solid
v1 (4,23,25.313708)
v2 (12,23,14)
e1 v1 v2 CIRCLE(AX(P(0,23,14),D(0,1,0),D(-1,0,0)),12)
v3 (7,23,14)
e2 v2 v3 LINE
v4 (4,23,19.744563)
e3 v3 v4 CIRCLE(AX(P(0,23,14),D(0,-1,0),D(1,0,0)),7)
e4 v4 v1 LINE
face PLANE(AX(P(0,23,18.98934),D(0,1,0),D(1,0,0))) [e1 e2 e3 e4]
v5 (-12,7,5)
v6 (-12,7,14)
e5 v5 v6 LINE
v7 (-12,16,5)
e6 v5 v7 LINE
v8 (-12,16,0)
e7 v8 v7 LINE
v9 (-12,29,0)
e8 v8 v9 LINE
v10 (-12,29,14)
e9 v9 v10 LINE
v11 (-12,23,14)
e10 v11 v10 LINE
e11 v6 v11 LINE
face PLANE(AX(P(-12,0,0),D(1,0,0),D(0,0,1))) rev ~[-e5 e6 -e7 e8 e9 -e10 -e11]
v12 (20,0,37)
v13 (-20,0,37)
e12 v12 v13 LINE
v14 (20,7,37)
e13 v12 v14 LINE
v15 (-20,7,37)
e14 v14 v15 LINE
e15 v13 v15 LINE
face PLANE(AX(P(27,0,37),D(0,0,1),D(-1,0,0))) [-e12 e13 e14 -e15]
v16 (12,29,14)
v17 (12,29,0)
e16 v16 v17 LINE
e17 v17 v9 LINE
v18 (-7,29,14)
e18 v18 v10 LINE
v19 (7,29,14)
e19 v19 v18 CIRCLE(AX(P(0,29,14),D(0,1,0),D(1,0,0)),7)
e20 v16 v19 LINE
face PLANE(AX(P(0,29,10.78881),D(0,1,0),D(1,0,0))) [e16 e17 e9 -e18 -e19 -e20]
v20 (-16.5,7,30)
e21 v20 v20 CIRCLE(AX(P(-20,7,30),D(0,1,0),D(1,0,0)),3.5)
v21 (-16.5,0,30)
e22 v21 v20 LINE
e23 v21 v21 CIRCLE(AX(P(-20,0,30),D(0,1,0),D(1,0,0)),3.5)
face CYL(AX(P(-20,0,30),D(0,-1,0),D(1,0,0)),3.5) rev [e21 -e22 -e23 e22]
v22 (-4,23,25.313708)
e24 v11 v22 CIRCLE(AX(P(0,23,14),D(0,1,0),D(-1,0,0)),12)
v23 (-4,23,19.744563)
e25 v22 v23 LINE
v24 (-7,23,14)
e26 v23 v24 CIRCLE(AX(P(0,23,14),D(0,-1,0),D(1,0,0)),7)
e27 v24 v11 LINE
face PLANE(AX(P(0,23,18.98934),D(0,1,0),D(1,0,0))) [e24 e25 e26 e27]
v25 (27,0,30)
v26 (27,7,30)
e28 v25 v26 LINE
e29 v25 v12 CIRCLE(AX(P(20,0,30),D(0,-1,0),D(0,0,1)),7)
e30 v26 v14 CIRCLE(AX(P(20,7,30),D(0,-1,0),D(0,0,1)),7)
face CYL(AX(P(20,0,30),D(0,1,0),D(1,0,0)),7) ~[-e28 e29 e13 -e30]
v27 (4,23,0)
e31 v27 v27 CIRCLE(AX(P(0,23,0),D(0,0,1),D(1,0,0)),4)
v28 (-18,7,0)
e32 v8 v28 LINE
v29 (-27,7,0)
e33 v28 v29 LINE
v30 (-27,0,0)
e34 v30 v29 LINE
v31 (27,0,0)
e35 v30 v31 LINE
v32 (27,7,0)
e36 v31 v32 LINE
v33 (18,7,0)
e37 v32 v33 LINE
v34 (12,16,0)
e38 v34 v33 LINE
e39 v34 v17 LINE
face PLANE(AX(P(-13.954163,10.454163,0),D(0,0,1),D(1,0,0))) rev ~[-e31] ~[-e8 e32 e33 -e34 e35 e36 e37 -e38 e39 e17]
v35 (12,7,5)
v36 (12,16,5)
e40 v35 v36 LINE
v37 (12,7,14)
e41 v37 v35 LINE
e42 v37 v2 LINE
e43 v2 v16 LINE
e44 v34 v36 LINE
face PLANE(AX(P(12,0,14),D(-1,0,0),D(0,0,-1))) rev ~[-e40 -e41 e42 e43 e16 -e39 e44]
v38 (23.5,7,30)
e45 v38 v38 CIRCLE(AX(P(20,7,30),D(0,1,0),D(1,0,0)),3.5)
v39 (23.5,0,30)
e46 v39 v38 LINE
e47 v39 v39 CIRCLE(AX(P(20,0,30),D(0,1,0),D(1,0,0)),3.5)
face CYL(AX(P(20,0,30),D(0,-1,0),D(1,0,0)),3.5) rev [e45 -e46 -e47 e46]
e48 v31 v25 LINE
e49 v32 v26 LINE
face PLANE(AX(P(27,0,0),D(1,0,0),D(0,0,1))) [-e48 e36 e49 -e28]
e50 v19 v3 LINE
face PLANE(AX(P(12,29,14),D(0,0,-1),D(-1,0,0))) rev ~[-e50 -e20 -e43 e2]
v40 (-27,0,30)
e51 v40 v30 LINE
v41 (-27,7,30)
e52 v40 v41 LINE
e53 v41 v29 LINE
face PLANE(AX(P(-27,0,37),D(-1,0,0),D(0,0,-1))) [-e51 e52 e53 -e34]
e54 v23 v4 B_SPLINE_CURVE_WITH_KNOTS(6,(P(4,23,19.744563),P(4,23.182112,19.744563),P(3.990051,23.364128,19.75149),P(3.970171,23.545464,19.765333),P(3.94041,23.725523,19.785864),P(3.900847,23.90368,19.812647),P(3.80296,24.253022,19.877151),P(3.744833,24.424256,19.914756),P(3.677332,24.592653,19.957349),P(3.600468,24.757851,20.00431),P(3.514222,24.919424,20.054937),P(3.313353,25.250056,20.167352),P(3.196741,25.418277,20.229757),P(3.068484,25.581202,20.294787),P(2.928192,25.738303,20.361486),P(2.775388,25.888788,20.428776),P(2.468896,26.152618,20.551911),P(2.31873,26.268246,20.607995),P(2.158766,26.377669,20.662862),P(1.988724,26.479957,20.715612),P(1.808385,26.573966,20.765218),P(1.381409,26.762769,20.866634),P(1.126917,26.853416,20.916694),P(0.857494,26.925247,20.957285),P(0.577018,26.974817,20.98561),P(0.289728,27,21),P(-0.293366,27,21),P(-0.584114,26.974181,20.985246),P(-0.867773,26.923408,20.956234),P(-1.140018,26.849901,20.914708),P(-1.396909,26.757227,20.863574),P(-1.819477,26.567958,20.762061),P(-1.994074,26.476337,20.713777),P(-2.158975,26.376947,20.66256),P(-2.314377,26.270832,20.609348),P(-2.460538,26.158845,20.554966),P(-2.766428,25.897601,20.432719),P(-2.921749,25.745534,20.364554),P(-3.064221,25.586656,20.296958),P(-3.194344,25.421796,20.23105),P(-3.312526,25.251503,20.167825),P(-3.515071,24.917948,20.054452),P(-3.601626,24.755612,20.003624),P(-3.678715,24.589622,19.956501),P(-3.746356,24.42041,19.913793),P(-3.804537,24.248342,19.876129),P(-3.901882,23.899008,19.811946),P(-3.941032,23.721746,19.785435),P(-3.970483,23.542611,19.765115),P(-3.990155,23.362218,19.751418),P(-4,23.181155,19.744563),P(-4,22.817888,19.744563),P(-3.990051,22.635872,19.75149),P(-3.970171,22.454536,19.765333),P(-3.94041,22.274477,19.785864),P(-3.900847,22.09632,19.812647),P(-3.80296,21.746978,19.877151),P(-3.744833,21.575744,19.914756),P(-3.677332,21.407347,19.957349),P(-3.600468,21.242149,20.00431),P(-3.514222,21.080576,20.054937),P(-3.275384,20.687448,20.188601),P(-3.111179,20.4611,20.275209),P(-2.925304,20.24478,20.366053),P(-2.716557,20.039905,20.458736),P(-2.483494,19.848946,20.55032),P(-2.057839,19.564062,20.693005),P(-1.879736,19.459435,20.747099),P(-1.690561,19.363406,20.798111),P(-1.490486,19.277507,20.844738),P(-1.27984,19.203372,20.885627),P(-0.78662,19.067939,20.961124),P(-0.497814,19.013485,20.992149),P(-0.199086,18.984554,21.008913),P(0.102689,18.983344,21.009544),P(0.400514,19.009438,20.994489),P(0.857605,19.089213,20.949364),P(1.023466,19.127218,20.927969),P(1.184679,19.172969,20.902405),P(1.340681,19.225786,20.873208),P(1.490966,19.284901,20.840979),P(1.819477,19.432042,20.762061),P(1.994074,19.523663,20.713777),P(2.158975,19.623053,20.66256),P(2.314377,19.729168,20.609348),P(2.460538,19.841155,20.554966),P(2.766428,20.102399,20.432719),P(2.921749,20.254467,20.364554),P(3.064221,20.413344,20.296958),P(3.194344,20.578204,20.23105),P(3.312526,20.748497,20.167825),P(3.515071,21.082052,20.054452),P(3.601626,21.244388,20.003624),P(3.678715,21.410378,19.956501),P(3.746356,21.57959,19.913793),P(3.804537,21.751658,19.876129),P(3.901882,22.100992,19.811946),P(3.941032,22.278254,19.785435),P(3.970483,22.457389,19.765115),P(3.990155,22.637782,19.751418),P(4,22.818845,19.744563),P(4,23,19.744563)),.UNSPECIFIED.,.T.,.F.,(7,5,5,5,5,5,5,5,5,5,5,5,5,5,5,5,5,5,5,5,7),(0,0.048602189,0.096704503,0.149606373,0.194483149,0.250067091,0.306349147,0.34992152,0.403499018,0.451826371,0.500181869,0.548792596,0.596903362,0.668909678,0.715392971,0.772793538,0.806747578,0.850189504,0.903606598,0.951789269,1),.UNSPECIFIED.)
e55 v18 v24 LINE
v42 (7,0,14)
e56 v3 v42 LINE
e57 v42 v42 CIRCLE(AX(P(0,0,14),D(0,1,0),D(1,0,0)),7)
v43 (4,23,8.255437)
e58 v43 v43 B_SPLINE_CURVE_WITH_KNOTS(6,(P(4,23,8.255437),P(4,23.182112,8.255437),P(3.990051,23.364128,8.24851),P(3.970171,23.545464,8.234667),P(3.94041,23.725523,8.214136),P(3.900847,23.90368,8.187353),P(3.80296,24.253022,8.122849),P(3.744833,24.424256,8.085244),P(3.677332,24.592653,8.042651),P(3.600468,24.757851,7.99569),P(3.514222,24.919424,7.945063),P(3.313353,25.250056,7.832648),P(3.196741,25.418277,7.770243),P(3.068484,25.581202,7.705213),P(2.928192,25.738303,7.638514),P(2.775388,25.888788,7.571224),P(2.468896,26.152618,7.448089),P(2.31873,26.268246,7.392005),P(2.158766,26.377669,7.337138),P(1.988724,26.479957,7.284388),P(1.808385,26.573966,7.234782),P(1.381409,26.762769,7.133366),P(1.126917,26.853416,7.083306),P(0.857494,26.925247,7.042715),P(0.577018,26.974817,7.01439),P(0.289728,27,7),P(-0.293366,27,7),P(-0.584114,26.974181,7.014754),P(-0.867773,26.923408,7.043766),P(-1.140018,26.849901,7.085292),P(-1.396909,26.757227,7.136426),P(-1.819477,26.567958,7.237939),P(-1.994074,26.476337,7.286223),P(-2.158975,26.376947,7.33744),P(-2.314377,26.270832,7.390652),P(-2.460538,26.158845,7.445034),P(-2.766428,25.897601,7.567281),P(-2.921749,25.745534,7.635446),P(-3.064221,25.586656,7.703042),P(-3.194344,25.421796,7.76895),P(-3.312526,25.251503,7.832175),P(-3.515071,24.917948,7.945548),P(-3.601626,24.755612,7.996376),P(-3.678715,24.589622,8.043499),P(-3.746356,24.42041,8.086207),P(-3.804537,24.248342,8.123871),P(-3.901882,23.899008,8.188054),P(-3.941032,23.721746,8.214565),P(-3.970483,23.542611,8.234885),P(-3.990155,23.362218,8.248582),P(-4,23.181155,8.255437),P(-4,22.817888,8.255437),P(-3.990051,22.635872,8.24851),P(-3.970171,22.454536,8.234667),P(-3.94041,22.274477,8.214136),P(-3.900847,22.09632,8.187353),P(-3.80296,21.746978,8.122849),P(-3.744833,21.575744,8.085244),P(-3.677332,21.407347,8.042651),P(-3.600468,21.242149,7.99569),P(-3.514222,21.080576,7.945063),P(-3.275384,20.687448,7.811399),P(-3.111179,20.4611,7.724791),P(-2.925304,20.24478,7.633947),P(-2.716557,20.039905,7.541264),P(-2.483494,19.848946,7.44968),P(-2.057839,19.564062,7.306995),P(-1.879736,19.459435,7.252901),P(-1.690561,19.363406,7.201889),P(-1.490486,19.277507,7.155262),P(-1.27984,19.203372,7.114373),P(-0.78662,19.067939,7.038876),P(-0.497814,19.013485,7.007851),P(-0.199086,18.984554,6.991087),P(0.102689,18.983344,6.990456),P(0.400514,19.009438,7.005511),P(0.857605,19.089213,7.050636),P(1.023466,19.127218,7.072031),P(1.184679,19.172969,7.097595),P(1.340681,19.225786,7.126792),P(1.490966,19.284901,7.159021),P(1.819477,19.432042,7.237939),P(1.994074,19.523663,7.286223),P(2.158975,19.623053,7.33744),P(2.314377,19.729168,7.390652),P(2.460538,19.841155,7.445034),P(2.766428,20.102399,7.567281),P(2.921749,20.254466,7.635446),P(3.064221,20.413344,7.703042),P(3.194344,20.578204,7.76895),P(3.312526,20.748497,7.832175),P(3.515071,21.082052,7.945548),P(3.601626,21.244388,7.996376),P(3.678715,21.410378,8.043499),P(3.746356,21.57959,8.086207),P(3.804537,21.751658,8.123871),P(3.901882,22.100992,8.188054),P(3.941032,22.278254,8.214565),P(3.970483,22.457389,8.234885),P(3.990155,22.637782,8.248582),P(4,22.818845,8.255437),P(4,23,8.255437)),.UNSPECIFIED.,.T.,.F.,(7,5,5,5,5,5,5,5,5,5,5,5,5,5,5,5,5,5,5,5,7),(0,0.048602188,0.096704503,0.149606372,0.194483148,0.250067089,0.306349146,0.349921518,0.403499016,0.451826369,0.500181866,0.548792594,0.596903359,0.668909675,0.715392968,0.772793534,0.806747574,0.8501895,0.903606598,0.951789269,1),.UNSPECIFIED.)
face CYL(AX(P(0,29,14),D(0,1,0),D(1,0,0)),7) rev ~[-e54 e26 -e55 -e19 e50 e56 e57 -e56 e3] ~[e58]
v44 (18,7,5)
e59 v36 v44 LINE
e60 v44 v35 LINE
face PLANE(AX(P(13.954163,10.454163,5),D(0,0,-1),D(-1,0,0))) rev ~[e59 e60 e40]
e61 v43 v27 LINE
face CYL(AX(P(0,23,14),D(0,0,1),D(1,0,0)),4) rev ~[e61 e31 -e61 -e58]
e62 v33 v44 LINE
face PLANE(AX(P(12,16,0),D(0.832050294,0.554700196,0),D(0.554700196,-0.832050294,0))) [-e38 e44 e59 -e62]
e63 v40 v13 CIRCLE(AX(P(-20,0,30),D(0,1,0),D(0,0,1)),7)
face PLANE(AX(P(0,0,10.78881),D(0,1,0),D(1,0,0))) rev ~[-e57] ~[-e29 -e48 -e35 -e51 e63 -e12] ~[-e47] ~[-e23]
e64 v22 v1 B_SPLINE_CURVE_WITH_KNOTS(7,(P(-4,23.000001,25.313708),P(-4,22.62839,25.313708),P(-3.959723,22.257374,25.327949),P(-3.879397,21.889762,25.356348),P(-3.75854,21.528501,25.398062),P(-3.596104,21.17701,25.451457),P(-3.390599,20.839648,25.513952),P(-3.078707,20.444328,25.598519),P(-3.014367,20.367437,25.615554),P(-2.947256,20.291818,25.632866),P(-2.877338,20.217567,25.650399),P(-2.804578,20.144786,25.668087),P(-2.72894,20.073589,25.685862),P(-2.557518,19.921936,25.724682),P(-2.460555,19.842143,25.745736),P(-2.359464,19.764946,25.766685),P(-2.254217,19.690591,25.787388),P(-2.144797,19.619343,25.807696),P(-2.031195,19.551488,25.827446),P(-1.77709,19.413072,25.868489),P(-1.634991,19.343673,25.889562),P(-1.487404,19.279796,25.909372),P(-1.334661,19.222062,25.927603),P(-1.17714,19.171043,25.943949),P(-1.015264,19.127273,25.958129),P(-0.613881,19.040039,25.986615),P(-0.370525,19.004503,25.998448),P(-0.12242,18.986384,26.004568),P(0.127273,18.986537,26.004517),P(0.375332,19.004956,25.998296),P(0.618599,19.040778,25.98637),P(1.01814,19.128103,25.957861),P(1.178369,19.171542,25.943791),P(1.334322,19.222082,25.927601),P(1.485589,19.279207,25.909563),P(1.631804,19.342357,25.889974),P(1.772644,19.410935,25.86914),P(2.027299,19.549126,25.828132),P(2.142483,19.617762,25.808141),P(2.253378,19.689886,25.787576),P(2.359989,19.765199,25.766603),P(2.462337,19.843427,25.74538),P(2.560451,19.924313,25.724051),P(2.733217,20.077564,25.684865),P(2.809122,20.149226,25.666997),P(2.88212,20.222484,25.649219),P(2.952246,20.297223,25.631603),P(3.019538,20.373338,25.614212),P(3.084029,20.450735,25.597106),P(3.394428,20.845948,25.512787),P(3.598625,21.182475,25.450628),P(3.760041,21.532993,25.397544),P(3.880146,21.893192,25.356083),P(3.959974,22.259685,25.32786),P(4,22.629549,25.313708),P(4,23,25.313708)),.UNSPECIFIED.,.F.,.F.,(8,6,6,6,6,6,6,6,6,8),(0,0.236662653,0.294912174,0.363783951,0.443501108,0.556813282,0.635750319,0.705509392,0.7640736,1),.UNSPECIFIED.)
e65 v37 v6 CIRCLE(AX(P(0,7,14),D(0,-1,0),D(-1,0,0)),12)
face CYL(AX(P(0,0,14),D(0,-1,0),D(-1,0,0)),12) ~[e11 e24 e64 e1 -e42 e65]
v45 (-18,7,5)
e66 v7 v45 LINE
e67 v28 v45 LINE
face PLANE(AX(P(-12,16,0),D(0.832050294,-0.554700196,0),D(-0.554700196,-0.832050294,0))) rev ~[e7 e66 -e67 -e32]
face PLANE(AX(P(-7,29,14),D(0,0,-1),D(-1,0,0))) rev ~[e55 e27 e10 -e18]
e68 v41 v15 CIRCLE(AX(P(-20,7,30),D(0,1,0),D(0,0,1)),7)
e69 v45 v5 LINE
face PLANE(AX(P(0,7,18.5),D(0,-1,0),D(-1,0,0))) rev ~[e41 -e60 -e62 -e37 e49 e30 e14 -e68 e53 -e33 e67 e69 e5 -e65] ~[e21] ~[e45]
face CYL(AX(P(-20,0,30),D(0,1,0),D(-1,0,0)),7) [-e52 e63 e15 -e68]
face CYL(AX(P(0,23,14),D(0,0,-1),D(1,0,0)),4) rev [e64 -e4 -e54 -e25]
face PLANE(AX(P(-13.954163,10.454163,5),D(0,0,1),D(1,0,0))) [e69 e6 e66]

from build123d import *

# Parameters (mm, degrees)
EXTRUDE_1_DEPTH          = 7
SKETCH_2_R               = 3.5
CUT_EXTRUDE_2_DEPTH      = 7
FILLET_1_R               = 7
EXTRUDE_2_DEPTH          = 29
SKETCH_4_R               = 7
CUT_EXTRUDE_3_DEPTH      = 30
CUT_EXTRUDE_4_DEPTH      = 6
SKETCH_6_R               = 4
CUT_EXTRUDE_5_DEPTH      = 17
CUT_EXTRUDE_5_DEPTH_BACK = 15
EXTRUDE_3_DEPTH          = 5


with BuildPart() as part:
    # 草图1 → 凸台-拉伸1 (new body)
    with BuildSketch(Plane(origin=(0, 0, 0), x_dir=(1, 0, 0), z_dir=(0, 1, 0))):
        Polygon((0, 0), (27, 0), (27, -37), (-27, -37), (-27, 0), align=None)
    extrude(amount=EXTRUDE_1_DEPTH)

    # 草图2 → 切除-拉伸2 (cut)
    with BuildSketch(Plane(origin=(0, 0, 0), x_dir=(1, 0, 0), z_dir=(0, 1, 0))):
        with Locations((-20, -30)):
            Circle(SKETCH_2_R)
        with Locations((20, -30)):
            Circle(SKETCH_2_R)
    extrude(amount=CUT_EXTRUDE_2_DEPTH, mode=Mode.SUBTRACT)

    # 圆角1
    fillet_1_edges = [part.edges().sort_by_distance(p)[0] for p in [
        (27, 3.5, 37),
        (-27, 3.5, 37),
    ]]
    fillet(fillet_1_edges, radius=FILLET_1_R)

    # 草图3 → 凸台-拉伸2 (add)
    with BuildSketch(Plane(origin=(0, 0, 0), x_dir=(1, 0, 0), z_dir=(0, 1, 0))):
        with BuildLine():
            Line((0, 0), (-12, 0))
            Line((-12, 0), (-12, -14))
            ThreePointArc((-12, -14), (0, -26), (12, -14))
            Line((12, -14), (12, 0))
            Line((12, 0), (0, 0))
        make_face()
    extrude(amount=EXTRUDE_2_DEPTH)

    # 草图4 → 切除-拉伸3 (cut, through all)
    with BuildSketch(Plane(origin=(0, 29, 0), x_dir=(1, 0, 0), z_dir=(0, 1, 0))):
        with Locations((0, -14)):
            Circle(SKETCH_4_R)
    extrude(amount=-CUT_EXTRUDE_3_DEPTH, mode=Mode.SUBTRACT)

    # 草图5 → 切除-拉伸4 (cut)
    with BuildSketch(Plane(origin=(0, 29, 0), x_dir=(1, 0, 0), z_dir=(0, 1, 0))):
        with BuildLine():
            Line((-7, -14), (-12, -14))
            ThreePointArc((-12, -14), (0, -26), (12, -14))
            Line((12, -14), (7, -14))
            ThreePointArc((7, -14), (0, -21), (-7, -14))
        make_face()
    extrude(amount=-CUT_EXTRUDE_4_DEPTH, mode=Mode.SUBTRACT)

    # 草图6 → 切除-拉伸5 (cut, two sides)
    with BuildSketch(Plane.XY.offset(14)) as cut_extrude_5_sk:
        with Locations((0, 23)):
            Circle(SKETCH_6_R)
    extrude(amount=CUT_EXTRUDE_5_DEPTH, mode=Mode.SUBTRACT)
    extrude(cut_extrude_5_sk.sketch, amount=-CUT_EXTRUDE_5_DEPTH_BACK, mode=Mode.SUBTRACT)

    # 草图8 → 凸台-拉伸3 (add)
    with BuildSketch(Plane.XY):
        Polygon((-12, 16), (-18, 7), (-12, 7), align=None)
        Polygon((12, 7), (12, 16), (18, 7), align=None)
    extrude(amount=EXTRUDE_3_DEPTH)


solid = part.part
